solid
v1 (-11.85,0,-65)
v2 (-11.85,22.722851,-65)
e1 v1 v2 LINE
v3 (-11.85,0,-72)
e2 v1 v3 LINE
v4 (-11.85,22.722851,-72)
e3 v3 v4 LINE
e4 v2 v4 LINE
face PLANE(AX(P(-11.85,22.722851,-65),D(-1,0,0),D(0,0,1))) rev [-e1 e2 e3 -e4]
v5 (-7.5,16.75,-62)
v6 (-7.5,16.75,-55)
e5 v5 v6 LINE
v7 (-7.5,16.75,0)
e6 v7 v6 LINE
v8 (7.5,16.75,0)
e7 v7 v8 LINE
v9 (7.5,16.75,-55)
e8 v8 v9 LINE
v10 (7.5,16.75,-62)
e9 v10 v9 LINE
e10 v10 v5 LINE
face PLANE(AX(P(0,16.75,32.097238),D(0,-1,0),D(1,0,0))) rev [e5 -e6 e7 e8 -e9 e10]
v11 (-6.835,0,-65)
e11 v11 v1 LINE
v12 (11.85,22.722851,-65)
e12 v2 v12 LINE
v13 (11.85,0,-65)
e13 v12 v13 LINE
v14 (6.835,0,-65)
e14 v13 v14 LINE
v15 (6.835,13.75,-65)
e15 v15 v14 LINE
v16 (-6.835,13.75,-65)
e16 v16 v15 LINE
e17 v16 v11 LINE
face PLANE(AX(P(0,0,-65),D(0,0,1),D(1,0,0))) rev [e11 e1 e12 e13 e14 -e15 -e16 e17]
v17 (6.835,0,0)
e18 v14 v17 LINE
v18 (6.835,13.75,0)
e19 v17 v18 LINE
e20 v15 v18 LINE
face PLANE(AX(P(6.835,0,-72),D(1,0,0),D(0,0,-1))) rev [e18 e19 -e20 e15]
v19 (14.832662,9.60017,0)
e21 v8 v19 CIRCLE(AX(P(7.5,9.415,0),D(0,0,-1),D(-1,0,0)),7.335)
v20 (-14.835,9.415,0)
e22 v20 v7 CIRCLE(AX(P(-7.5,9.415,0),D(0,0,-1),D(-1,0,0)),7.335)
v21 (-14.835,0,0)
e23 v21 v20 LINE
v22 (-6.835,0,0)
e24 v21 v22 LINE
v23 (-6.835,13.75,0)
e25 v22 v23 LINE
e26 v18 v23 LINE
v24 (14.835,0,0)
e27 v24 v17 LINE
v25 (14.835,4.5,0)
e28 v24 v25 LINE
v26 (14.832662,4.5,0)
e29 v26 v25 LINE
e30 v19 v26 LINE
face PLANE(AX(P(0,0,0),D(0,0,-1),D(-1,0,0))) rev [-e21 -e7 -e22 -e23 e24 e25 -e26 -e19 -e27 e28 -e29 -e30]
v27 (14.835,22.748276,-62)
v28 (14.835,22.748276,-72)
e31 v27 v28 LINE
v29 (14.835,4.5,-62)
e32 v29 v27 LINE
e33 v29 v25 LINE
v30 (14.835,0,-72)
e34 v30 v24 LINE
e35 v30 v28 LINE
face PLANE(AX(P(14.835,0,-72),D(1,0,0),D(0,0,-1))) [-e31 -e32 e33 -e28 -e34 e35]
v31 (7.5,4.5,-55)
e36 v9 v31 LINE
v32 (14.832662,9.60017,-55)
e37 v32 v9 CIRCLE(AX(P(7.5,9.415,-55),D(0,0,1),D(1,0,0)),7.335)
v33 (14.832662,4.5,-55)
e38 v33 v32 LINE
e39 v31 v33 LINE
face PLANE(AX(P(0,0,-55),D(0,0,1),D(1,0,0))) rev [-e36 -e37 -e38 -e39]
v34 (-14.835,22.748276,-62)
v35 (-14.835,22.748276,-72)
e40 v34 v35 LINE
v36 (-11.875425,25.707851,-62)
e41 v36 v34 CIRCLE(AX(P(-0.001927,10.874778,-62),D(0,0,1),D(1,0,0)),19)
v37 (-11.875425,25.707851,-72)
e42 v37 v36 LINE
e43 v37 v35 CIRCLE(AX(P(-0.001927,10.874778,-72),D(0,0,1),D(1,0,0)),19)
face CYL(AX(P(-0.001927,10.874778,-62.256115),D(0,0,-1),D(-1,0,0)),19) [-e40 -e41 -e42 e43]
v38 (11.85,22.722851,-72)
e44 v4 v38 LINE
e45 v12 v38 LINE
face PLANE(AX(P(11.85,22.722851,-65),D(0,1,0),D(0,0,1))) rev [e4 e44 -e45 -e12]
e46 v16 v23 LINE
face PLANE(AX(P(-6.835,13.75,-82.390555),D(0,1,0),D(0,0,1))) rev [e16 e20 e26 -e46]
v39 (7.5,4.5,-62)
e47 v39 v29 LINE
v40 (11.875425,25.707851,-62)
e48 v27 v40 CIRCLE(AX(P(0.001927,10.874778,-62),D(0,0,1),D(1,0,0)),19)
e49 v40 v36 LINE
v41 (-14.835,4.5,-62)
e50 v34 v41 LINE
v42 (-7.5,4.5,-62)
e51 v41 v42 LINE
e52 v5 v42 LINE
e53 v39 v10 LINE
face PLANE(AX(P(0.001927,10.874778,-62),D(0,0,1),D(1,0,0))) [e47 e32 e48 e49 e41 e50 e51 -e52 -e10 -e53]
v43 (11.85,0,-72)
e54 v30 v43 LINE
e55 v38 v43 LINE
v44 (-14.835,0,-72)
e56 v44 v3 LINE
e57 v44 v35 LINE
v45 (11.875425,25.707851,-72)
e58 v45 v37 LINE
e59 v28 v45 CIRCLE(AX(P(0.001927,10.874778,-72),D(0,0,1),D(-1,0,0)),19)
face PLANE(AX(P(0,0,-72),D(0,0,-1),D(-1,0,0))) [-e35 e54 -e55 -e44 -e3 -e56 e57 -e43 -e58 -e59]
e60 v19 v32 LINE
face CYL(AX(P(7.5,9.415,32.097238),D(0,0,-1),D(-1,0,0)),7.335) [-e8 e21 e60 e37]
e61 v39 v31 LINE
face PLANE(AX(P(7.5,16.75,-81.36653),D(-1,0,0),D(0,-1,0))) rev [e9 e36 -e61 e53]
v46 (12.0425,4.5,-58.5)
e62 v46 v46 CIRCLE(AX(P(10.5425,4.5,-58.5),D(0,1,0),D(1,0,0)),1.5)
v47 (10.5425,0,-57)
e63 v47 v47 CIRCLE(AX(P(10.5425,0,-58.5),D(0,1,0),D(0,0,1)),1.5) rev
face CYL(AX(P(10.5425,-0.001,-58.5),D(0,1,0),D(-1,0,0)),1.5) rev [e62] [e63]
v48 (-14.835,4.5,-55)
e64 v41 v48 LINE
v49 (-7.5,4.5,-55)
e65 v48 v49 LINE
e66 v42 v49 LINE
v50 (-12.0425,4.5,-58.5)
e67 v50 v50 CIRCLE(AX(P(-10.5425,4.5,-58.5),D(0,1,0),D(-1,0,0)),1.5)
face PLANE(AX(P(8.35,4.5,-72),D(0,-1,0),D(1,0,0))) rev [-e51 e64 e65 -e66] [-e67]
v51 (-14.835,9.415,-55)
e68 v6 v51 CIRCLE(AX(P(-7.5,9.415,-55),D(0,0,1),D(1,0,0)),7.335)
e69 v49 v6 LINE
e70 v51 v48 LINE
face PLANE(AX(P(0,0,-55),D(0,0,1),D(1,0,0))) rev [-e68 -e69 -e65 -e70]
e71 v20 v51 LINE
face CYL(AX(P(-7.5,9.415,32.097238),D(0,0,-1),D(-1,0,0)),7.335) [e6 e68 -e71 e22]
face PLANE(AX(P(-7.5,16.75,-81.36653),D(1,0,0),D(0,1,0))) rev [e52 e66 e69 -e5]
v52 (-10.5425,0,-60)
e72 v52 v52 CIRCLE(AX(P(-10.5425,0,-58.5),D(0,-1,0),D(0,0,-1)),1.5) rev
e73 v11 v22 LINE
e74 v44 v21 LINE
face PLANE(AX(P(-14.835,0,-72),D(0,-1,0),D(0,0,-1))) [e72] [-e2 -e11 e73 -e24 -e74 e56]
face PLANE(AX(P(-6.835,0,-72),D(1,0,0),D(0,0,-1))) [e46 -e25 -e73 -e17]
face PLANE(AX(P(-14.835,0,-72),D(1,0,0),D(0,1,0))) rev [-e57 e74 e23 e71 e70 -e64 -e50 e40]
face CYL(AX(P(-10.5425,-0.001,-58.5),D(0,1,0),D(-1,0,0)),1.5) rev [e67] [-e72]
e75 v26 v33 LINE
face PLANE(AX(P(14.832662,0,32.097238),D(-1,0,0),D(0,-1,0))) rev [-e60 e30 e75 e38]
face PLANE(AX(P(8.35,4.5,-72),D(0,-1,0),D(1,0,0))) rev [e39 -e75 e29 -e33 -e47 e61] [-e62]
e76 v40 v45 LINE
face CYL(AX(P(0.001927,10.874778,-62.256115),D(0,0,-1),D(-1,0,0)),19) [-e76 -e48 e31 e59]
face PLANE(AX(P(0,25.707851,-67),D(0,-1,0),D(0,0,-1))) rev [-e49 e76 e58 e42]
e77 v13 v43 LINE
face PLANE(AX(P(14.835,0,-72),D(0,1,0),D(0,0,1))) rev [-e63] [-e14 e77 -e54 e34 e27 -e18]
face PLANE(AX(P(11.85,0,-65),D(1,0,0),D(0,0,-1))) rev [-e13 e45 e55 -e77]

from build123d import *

# Parameters (mm, degrees)
BOSS_EXTRUDE1_DEPTH = 72
BOSS_EXTRUDE3_DEPTH = 5
CUT_EXTRUDE4_DEPTH  = 5
BOSS_EXTRUDE4_DEPTH = 5
BOSS_EXTRUDE5_START = 7
BOSS_EXTRUDE5_DEPTH = 55
CUT_EXTRUDE8_DEPTH  = 5
SKETCH19_W          = 15
SKETCH19_H          = 12.25
BOSS_EXTRUDE8_DEPTH = 7
CUT_EXTRUDE9_REACH  = 78.51
SKETCH20_R          = 1.5
SKETCH21_W          = 23.7
SKETCH21_H          = 22.72285099
CUT_EXTRUDE10_DEPTH = 7
SKETCH24_W          = 13.67
SKETCH24_H          = 10.75
CUT_EXTRUDE13_DEPTH = 65


with BuildPart() as part:
    # Sketch1 → Boss-Extrude1 (new body)
    with BuildSketch(Plane.XY):
        Polygon((-14.835, 0), (-6.835, 0), (-6.835, 3), (6.835, 3), (6.835, 0), (14.835, 0), (14.835, 4.5), (8.35, 4.5), (-8.35, 4.5), (-14.835, 4.5), align=None)
    extrude(amount=-BOSS_EXTRUDE1_DEPTH)

    # Sketch8 → Boss-Extrude3 (add)
    with BuildSketch(Plane(origin=(0, 0, -72), x_dir=(-1, 0, 0), z_dir=(0, 0, -1))):
        Polygon((-14.835, 25.70785099), (-14.835, 0), (-10.35, 0), (-10.35, 21.22285099), (10.35, 21.22285099), (10.35, 0), (14.835, 0), (14.835, 25.70785099), align=None)
    extrude(amount=-BOSS_EXTRUDE3_DEPTH)

    # Sketch9 → Cut-Extrude4 (cut)
    with BuildSketch(Plane(origin=(0, 0, -72), x_dir=(-1, 0, 0), z_dir=(0, 0, -1))):
        with BuildLine():
            Line((-15.009070225, 25.881921215), (-15.009070225, 22.527488279))
            ThreePointArc((-15.009070225, 22.527488279), (-13.436955933, 24.309806923), (-11.654637289, 25.881921215))
            Line((-11.654637289, 25.881921215), (-15.009070225, 25.881921215))
        make_face()
        with BuildLine():
            Line((15.009070225, 25.881921215), (15.009070225, 22.527488279))
            ThreePointArc((15.009070225, 22.527488279), (13.436955933, 24.309806923), (11.654637289, 25.881921215))
            Line((11.654637289, 25.881921215), (15.009070225, 25.881921215))
        make_face()
    extrude(amount=-CUT_EXTRUDE4_DEPTH, mode=Mode.SUBTRACT)

    # Sketch11 → Boss-Extrude4 (add)
    with BuildSketch(Plane.XY.offset(-67)):
        with BuildLine():
            Line((14.835, 4.5), (14.835, 22.748275799))
            ThreePointArc((14.835, 22.748275799), (13.436955933, 24.309806923), (11.875424809, 25.70785099))
            Line((11.875424809, 25.70785099), (-11.875424809, 25.70785099))
            ThreePointArc((-11.875424809, 25.70785099), (-13.436955933, 24.309806923), (-14.835, 22.748275799))
            Line((-14.835, 22.748275799), (-14.835, 4.5))
            Line((-14.835, 4.5), (14.835, 4.5))
        make_face()
    extrude(amount=BOSS_EXTRUDE4_DEPTH)

    # Sketch12 → Boss-Extrude5 (add)
    with BuildSketch(Plane.XY.offset(-62).offset(BOSS_EXTRUDE5_START)):
        with BuildLine():
            Line((-14.835, 4.5), (14.832662348, 4.5))
            Line((14.832662348, 4.5), (14.832662348, 9.600169894))
            ThreePointArc((14.832662348, 9.600169894), (12.620742321, 14.666687642), (7.5, 16.75))
            Line((7.5, 16.75), (-7.5, 16.75))
            ThreePointArc((-7.5, 16.75), (-12.68662824, 14.60162824), (-14.835, 9.415))
            Line((-14.835, 9.415), (-14.835, 4.5))
        make_face()
    extrude(amount=BOSS_EXTRUDE5_DEPTH)

    # Sketch18 → Cut-Extrude8 (cut)
    with BuildSketch(Plane(origin=(0, 0, -72), x_dir=(-1, 0, 0), z_dir=(0, 0, -1))):
        Polygon((-10.35, 4.5), (-10.35, 0), (-6.835, 0), (-6.835, 3), (6.835, 3), (6.835, 0), (10.35, 0), (10.35, 4.5), align=None)
    extrude(amount=-CUT_EXTRUDE8_DEPTH, mode=Mode.SUBTRACT)

    # Sketch19 → Boss-Extrude8 (add)
    with BuildSketch(Plane(origin=(0, 0, -55), x_dir=(-1, 0, 0), z_dir=(0, 0, -1))):
        with Locations((0, 10.625)):
            Rectangle(SKETCH19_W, SKETCH19_H)
    extrude(amount=BOSS_EXTRUDE8_DEPTH)

    # Sketch20 → Cut-Extrude9 (cut, up to next)
    with BuildSketch(Plane(origin=(0, 4.5, 0), x_dir=(1, 0, 0), z_dir=(0, 1, 0)), mode=Mode.PRIVATE) as cut_extrude9_sk1:
        with Locations(Location((-10.5425, 58.5, 0), (0, 0, 180))):
            Circle(SKETCH20_R)
    cut_extrude9_tool1 = extrude(cut_extrude9_sk1.sketch, amount=-CUT_EXTRUDE9_REACH, mode=Mode.PRIVATE) & part.part
    # Sketch20 → Cut-Extrude9 (cut, up to next)
    with BuildSketch(Plane(origin=(0, 4.5, 0), x_dir=(1, 0, 0), z_dir=(0, 1, 0)), mode=Mode.PRIVATE) as cut_extrude9_sk2:
        with Locations(Location((10.5425, 58.5, 0), (0, 0, 270))):
            Circle(SKETCH20_R)
    cut_extrude9_tool2 = extrude(cut_extrude9_sk2.sketch, amount=-CUT_EXTRUDE9_REACH, mode=Mode.PRIVATE) & part.part
    add(cut_extrude9_tool1.solids().sort_by_distance((-10.5425, 4.5, -58.5))[0], mode=Mode.SUBTRACT)
    add(cut_extrude9_tool2.solids().sort_by_distance((10.5425, 4.5, -58.5))[0], mode=Mode.SUBTRACT)

    # Sketch21 → Cut-Extrude10 (cut)
    with BuildSketch(Plane(origin=(0, 0, -72), x_dir=(-1, 0, 0), z_dir=(0, 0, -1))):
        with Locations((0, 11.361425495)):
            Rectangle(SKETCH21_W, SKETCH21_H)
    extrude(amount=-CUT_EXTRUDE10_DEPTH, mode=Mode.SUBTRACT)

    # Sketch24 → Cut-Extrude13 (cut)
    with BuildSketch(Plane.XY):
        with Locations((0, 8.375)):
            Rectangle(SKETCH24_W, SKETCH24_H)
    extrude(amount=-CUT_EXTRUDE13_DEPTH, mode=Mode.SUBTRACT)


solid = part.part
